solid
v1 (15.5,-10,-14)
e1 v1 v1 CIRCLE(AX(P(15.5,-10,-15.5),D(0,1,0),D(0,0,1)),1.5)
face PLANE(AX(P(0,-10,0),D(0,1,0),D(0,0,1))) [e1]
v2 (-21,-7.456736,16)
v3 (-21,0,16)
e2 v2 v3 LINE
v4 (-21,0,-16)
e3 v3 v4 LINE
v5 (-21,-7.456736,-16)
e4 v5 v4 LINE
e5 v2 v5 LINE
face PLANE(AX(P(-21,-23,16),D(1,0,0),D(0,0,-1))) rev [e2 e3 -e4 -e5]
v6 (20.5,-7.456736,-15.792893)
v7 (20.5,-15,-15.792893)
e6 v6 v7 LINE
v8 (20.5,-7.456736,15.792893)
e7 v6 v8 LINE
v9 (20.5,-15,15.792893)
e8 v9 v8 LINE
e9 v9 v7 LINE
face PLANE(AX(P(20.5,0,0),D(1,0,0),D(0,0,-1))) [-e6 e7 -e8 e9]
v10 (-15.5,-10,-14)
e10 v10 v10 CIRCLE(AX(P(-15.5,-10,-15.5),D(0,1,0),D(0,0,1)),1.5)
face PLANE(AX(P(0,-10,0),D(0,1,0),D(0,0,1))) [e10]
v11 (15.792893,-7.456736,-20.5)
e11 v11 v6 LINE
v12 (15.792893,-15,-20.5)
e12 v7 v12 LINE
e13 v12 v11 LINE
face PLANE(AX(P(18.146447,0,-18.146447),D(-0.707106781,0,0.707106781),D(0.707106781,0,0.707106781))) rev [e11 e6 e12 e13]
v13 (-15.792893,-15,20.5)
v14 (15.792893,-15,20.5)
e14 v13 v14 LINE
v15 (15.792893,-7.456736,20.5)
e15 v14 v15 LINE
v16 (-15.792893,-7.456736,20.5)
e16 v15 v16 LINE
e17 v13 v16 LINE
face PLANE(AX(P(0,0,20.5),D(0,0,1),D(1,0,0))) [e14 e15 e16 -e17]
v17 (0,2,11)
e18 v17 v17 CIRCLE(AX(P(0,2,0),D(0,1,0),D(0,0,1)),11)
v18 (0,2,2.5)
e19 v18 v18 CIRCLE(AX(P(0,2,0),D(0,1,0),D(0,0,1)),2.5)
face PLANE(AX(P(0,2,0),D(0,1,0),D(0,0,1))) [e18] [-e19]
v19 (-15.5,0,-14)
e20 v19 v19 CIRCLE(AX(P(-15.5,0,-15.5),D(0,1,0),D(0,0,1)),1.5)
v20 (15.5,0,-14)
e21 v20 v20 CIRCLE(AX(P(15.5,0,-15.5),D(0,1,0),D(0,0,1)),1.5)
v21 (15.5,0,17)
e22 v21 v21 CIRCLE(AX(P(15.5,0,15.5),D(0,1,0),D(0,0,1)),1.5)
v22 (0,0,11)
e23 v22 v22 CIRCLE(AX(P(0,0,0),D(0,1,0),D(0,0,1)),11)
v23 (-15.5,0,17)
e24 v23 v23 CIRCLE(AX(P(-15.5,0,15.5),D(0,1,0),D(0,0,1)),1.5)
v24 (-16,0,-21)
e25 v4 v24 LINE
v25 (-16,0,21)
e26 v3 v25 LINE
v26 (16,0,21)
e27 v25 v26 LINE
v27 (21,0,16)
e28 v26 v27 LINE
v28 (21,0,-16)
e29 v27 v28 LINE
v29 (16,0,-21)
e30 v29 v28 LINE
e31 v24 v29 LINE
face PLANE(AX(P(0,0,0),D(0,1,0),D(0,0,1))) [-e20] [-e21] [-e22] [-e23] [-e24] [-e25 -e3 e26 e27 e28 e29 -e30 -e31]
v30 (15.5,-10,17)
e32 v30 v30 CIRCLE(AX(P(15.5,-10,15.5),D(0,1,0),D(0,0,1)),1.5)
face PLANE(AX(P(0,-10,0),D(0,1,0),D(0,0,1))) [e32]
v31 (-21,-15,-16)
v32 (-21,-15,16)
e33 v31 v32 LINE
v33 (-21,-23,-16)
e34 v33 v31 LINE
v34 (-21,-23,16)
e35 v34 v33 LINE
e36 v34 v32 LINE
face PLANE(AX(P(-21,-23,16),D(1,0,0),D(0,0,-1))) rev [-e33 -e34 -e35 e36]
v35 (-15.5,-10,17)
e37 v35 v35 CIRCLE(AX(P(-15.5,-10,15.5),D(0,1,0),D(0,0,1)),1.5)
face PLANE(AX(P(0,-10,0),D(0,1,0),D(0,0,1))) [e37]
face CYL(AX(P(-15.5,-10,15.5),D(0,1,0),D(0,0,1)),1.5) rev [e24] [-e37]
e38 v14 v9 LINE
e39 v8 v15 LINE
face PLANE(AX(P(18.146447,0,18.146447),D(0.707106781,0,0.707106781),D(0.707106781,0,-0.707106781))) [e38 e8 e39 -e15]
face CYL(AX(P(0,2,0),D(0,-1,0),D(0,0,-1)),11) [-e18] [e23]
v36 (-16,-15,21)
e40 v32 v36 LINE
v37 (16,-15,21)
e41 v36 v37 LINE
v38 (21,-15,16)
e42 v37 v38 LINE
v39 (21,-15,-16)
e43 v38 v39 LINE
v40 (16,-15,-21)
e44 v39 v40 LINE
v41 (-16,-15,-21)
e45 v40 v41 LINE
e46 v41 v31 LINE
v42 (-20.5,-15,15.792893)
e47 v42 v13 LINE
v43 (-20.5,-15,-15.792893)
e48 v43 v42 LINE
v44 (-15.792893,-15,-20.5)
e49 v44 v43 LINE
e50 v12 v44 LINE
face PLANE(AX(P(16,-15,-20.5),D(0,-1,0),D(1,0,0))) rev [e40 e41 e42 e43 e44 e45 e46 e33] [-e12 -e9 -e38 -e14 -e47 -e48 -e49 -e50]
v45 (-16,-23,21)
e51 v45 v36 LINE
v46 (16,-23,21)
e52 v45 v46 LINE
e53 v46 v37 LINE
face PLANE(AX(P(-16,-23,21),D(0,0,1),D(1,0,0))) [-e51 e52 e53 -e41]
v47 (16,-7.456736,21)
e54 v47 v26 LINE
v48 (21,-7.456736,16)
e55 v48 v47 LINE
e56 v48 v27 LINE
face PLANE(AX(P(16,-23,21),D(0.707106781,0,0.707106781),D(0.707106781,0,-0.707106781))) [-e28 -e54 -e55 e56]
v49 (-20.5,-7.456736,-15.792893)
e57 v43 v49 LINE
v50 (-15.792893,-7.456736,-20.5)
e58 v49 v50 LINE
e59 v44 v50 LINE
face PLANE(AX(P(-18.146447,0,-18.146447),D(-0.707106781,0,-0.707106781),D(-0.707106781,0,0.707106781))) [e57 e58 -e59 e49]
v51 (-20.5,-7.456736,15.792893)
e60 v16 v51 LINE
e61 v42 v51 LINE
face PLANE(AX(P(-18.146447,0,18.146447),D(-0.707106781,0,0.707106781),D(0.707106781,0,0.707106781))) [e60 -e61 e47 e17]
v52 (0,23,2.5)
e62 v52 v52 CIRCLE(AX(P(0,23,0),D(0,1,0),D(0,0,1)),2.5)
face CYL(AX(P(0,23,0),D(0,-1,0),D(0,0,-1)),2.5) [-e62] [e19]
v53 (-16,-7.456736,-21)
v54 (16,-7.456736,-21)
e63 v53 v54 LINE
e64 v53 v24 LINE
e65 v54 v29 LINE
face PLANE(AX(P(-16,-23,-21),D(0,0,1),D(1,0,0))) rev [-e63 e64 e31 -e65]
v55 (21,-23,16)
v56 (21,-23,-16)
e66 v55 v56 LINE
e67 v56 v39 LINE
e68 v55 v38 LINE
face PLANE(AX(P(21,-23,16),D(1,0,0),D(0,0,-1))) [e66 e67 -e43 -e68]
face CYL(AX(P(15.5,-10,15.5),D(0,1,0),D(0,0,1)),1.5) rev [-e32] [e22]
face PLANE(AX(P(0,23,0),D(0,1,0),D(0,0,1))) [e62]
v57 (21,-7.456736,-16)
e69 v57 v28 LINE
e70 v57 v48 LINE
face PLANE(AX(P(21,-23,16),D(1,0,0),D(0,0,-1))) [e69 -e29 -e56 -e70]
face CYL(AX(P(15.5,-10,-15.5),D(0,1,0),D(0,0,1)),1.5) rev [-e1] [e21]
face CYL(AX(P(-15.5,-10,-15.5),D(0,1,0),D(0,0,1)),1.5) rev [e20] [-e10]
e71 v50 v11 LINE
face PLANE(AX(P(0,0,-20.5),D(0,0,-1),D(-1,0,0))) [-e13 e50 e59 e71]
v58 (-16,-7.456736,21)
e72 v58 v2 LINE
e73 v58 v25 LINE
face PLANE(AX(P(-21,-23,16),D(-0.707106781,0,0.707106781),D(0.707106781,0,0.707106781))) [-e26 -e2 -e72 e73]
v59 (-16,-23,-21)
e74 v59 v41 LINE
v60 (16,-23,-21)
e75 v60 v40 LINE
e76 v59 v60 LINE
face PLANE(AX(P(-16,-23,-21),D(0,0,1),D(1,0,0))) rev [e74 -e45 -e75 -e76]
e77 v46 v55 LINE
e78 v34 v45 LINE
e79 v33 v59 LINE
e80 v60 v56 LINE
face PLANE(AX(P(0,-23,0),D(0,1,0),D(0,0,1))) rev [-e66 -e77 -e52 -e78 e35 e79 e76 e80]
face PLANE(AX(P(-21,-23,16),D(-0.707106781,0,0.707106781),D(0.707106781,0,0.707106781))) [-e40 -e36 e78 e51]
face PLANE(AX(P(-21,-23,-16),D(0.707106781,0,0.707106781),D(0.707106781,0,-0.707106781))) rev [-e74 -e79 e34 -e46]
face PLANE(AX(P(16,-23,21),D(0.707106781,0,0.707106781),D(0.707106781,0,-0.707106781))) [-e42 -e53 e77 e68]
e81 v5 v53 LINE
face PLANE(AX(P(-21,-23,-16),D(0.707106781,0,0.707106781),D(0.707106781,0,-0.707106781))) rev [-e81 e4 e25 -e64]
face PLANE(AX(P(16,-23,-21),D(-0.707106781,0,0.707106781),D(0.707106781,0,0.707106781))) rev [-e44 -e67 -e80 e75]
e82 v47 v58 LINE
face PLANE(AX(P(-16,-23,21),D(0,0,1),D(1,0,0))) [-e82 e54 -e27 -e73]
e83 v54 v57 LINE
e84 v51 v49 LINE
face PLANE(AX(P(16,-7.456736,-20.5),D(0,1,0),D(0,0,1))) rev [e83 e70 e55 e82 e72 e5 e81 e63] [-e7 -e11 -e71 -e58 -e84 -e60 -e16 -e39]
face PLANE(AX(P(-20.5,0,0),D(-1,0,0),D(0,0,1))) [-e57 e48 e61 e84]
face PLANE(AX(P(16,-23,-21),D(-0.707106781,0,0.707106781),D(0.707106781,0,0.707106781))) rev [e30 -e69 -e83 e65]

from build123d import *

# Parameters (mm, degrees)
EXTRUDE_1_DEPTH     = 23
SKETCH_1_3_R        = 2.5
EXTRUDE_2_DEPTH     = 23
SKETCH_1_4_R        = 11
SKETCH_1_4_R_2      = 2.5
EXTRUDE_3_DEPTH     = 2
SKETCH_1_5_R        = 1.5
CUT_EXTRUDE_1_DEPTH = 10
SKETCH_2_W          = 32
SKETCH_2_H          = 7.5432644
CUT_EXTRUDE_2_DEPTH = 0.5
SKETCH_9_W          = 7.071067812
SKETCH_9_H          = 7.5432644
CUT_EXTRUDE_3_DEPTH = 0.5
SKETCH_8_W          = 32
SKETCH_8_H          = 7.5432644
CUT_EXTRUDE_4_DEPTH = 0.5
SKETCH_7_W          = 7.071067812
SKETCH_7_H          = 7.5432644
CUT_EXTRUDE_5_DEPTH = 0.5
SKETCH_6_W          = 32
SKETCH_6_H          = 7.5432644
CUT_EXTRUDE_6_DEPTH = 0.5
SKETCH_5_W          = 7.071067812
SKETCH_5_H          = 7.5432644
CUT_EXTRUDE_7_DEPTH = 0.5
SKETCH_4_W          = 32
SKETCH_4_H          = 7.5432644
CUT_EXTRUDE_8_DEPTH = 0.5
SKETCH_3_W          = 7.071067812
SKETCH_3_H          = 7.5432644
CUT_EXTRUDE_9_DEPTH = 0.5


with BuildPart() as part:
    # Эскиз1 → Бобышка-Вытянуть1 (new body)
    with BuildSketch(Plane(origin=(0, 0, 0), x_dir=(1, 0, 0), z_dir=(0, 1, 0))):
        Polygon((-21, -16), (-16, -21), (16, -21), (21, -16), (21, 16), (16, 21), (-16, 21), (-21, 16), align=None)
    extrude(amount=-EXTRUDE_1_DEPTH)

    # Эскиз1<3> → Бобышка-Вытянуть2 (add)
    with BuildSketch(Plane(origin=(0, 0, 0), x_dir=(1, 0, 0), z_dir=(0, 1, 0))):
        Circle(SKETCH_1_3_R)
    extrude(amount=EXTRUDE_2_DEPTH)

    # Эскиз1<4> → Бобышка-Вытянуть3 (add)
    with BuildSketch(Plane(origin=(0, 0, 0), x_dir=(1, 0, 0), z_dir=(0, 1, 0))):
        Circle(SKETCH_1_4_R)
        Circle(SKETCH_1_4_R_2, mode=Mode.SUBTRACT)
    extrude(amount=EXTRUDE_3_DEPTH)

    # Эскиз1<5> → Вырез-Вытянуть1 (cut)
    with BuildSketch(Plane(origin=(0, 0, 0), x_dir=(1, 0, 0), z_dir=(0, 1, 0))):
        with Locations((-15.5, -15.5)):
            Circle(SKETCH_1_5_R)
        with Locations((15.5, -15.5)):
            Circle(SKETCH_1_5_R)
        with Locations((-15.5, 15.5)):
            Circle(SKETCH_1_5_R)
        with Locations((15.5, 15.5)):
            Circle(SKETCH_1_5_R)
    extrude(amount=-CUT_EXTRUDE_1_DEPTH, mode=Mode.SUBTRACT)

    # Эскиз2 → Вырез-Вытянуть2 (cut)
    with BuildSketch(Plane(origin=(0, 0, -21), x_dir=(-1, 0, 0), z_dir=(0, 0, -1))):
        with Locations((0, -11.2283678)):
            Rectangle(SKETCH_2_W, SKETCH_2_H)
    extrude(amount=-CUT_EXTRUDE_2_DEPTH, mode=Mode.SUBTRACT)

    # Эскиз9 → Вырез-Вытянуть3 (cut)
    with BuildSketch(Plane(origin=(-18.5, 0, -18.5), x_dir=(-0.7071067811865458, 0, 0.7071067811865492), z_dir=(-0.7071067811865492, 0, -0.7071067811865458))):
        with Locations((0, -11.2283678)):
            Rectangle(SKETCH_9_W, SKETCH_9_H)
    extrude(amount=-CUT_EXTRUDE_3_DEPTH, mode=Mode.SUBTRACT)

    # Эскиз8 → Вырез-Вытянуть4 (cut)
    with BuildSketch(Plane.ZY.offset(21)):
        with Locations((0, -11.2283678)):
            Rectangle(SKETCH_8_W, SKETCH_8_H)
    extrude(amount=-CUT_EXTRUDE_4_DEPTH, mode=Mode.SUBTRACT)

    # Эскиз7 → Вырез-Вытянуть5 (cut)
    with BuildSketch(Plane(origin=(-18.5, 0, 18.5), x_dir=(0.7071067811865475, 0, 0.7071067811865477), z_dir=(-0.7071067811865477, 0, 0.7071067811865475))):
        with Locations((0, -11.2283678)):
            Rectangle(SKETCH_7_W, SKETCH_7_H)
    extrude(amount=-CUT_EXTRUDE_5_DEPTH, mode=Mode.SUBTRACT)

    # Эскиз6 → Вырез-Вытянуть6 (cut)
    with BuildSketch(Plane.XY.offset(21)):
        with Locations((0, -11.2283678)):
            Rectangle(SKETCH_6_W, SKETCH_6_H)
    extrude(amount=-CUT_EXTRUDE_6_DEPTH, mode=Mode.SUBTRACT)

    # Эскиз5 → Вырез-Вытянуть7 (cut)
    with BuildSketch(Plane(origin=(18.5, 0, 18.5), x_dir=(0.7071067811865483, 0, -0.7071067811865468), z_dir=(0.7071067811865468, 0, 0.7071067811865483))):
        with Locations((0, -11.2283678)):
            Rectangle(SKETCH_5_W, SKETCH_5_H)
    extrude(amount=-CUT_EXTRUDE_7_DEPTH, mode=Mode.SUBTRACT)

    # Эскиз4 → Вырез-Вытянуть8 (cut)
    with BuildSketch(Plane(origin=(21, 0, 0), x_dir=(0, 0, -1), z_dir=(1, 0, 0))):
        with Locations((0, -11.2283678)):
            Rectangle(SKETCH_4_W, SKETCH_4_H)
    extrude(amount=-CUT_EXTRUDE_8_DEPTH, mode=Mode.SUBTRACT)

    # Эскиз3 → Вырез-Вытянуть9 (cut)
    with BuildSketch(Plane(origin=(18.5, 0, -18.5), x_dir=(-0.7071067811865483, 0, -0.7071067811865468), z_dir=(0.7071067811865468, 0, -0.7071067811865483))):
        with Locations((0, -11.2283678)):
            Rectangle(SKETCH_3_W, SKETCH_3_H)
    extrude(amount=-CUT_EXTRUDE_9_DEPTH, mode=Mode.SUBTRACT)


solid = part.part
